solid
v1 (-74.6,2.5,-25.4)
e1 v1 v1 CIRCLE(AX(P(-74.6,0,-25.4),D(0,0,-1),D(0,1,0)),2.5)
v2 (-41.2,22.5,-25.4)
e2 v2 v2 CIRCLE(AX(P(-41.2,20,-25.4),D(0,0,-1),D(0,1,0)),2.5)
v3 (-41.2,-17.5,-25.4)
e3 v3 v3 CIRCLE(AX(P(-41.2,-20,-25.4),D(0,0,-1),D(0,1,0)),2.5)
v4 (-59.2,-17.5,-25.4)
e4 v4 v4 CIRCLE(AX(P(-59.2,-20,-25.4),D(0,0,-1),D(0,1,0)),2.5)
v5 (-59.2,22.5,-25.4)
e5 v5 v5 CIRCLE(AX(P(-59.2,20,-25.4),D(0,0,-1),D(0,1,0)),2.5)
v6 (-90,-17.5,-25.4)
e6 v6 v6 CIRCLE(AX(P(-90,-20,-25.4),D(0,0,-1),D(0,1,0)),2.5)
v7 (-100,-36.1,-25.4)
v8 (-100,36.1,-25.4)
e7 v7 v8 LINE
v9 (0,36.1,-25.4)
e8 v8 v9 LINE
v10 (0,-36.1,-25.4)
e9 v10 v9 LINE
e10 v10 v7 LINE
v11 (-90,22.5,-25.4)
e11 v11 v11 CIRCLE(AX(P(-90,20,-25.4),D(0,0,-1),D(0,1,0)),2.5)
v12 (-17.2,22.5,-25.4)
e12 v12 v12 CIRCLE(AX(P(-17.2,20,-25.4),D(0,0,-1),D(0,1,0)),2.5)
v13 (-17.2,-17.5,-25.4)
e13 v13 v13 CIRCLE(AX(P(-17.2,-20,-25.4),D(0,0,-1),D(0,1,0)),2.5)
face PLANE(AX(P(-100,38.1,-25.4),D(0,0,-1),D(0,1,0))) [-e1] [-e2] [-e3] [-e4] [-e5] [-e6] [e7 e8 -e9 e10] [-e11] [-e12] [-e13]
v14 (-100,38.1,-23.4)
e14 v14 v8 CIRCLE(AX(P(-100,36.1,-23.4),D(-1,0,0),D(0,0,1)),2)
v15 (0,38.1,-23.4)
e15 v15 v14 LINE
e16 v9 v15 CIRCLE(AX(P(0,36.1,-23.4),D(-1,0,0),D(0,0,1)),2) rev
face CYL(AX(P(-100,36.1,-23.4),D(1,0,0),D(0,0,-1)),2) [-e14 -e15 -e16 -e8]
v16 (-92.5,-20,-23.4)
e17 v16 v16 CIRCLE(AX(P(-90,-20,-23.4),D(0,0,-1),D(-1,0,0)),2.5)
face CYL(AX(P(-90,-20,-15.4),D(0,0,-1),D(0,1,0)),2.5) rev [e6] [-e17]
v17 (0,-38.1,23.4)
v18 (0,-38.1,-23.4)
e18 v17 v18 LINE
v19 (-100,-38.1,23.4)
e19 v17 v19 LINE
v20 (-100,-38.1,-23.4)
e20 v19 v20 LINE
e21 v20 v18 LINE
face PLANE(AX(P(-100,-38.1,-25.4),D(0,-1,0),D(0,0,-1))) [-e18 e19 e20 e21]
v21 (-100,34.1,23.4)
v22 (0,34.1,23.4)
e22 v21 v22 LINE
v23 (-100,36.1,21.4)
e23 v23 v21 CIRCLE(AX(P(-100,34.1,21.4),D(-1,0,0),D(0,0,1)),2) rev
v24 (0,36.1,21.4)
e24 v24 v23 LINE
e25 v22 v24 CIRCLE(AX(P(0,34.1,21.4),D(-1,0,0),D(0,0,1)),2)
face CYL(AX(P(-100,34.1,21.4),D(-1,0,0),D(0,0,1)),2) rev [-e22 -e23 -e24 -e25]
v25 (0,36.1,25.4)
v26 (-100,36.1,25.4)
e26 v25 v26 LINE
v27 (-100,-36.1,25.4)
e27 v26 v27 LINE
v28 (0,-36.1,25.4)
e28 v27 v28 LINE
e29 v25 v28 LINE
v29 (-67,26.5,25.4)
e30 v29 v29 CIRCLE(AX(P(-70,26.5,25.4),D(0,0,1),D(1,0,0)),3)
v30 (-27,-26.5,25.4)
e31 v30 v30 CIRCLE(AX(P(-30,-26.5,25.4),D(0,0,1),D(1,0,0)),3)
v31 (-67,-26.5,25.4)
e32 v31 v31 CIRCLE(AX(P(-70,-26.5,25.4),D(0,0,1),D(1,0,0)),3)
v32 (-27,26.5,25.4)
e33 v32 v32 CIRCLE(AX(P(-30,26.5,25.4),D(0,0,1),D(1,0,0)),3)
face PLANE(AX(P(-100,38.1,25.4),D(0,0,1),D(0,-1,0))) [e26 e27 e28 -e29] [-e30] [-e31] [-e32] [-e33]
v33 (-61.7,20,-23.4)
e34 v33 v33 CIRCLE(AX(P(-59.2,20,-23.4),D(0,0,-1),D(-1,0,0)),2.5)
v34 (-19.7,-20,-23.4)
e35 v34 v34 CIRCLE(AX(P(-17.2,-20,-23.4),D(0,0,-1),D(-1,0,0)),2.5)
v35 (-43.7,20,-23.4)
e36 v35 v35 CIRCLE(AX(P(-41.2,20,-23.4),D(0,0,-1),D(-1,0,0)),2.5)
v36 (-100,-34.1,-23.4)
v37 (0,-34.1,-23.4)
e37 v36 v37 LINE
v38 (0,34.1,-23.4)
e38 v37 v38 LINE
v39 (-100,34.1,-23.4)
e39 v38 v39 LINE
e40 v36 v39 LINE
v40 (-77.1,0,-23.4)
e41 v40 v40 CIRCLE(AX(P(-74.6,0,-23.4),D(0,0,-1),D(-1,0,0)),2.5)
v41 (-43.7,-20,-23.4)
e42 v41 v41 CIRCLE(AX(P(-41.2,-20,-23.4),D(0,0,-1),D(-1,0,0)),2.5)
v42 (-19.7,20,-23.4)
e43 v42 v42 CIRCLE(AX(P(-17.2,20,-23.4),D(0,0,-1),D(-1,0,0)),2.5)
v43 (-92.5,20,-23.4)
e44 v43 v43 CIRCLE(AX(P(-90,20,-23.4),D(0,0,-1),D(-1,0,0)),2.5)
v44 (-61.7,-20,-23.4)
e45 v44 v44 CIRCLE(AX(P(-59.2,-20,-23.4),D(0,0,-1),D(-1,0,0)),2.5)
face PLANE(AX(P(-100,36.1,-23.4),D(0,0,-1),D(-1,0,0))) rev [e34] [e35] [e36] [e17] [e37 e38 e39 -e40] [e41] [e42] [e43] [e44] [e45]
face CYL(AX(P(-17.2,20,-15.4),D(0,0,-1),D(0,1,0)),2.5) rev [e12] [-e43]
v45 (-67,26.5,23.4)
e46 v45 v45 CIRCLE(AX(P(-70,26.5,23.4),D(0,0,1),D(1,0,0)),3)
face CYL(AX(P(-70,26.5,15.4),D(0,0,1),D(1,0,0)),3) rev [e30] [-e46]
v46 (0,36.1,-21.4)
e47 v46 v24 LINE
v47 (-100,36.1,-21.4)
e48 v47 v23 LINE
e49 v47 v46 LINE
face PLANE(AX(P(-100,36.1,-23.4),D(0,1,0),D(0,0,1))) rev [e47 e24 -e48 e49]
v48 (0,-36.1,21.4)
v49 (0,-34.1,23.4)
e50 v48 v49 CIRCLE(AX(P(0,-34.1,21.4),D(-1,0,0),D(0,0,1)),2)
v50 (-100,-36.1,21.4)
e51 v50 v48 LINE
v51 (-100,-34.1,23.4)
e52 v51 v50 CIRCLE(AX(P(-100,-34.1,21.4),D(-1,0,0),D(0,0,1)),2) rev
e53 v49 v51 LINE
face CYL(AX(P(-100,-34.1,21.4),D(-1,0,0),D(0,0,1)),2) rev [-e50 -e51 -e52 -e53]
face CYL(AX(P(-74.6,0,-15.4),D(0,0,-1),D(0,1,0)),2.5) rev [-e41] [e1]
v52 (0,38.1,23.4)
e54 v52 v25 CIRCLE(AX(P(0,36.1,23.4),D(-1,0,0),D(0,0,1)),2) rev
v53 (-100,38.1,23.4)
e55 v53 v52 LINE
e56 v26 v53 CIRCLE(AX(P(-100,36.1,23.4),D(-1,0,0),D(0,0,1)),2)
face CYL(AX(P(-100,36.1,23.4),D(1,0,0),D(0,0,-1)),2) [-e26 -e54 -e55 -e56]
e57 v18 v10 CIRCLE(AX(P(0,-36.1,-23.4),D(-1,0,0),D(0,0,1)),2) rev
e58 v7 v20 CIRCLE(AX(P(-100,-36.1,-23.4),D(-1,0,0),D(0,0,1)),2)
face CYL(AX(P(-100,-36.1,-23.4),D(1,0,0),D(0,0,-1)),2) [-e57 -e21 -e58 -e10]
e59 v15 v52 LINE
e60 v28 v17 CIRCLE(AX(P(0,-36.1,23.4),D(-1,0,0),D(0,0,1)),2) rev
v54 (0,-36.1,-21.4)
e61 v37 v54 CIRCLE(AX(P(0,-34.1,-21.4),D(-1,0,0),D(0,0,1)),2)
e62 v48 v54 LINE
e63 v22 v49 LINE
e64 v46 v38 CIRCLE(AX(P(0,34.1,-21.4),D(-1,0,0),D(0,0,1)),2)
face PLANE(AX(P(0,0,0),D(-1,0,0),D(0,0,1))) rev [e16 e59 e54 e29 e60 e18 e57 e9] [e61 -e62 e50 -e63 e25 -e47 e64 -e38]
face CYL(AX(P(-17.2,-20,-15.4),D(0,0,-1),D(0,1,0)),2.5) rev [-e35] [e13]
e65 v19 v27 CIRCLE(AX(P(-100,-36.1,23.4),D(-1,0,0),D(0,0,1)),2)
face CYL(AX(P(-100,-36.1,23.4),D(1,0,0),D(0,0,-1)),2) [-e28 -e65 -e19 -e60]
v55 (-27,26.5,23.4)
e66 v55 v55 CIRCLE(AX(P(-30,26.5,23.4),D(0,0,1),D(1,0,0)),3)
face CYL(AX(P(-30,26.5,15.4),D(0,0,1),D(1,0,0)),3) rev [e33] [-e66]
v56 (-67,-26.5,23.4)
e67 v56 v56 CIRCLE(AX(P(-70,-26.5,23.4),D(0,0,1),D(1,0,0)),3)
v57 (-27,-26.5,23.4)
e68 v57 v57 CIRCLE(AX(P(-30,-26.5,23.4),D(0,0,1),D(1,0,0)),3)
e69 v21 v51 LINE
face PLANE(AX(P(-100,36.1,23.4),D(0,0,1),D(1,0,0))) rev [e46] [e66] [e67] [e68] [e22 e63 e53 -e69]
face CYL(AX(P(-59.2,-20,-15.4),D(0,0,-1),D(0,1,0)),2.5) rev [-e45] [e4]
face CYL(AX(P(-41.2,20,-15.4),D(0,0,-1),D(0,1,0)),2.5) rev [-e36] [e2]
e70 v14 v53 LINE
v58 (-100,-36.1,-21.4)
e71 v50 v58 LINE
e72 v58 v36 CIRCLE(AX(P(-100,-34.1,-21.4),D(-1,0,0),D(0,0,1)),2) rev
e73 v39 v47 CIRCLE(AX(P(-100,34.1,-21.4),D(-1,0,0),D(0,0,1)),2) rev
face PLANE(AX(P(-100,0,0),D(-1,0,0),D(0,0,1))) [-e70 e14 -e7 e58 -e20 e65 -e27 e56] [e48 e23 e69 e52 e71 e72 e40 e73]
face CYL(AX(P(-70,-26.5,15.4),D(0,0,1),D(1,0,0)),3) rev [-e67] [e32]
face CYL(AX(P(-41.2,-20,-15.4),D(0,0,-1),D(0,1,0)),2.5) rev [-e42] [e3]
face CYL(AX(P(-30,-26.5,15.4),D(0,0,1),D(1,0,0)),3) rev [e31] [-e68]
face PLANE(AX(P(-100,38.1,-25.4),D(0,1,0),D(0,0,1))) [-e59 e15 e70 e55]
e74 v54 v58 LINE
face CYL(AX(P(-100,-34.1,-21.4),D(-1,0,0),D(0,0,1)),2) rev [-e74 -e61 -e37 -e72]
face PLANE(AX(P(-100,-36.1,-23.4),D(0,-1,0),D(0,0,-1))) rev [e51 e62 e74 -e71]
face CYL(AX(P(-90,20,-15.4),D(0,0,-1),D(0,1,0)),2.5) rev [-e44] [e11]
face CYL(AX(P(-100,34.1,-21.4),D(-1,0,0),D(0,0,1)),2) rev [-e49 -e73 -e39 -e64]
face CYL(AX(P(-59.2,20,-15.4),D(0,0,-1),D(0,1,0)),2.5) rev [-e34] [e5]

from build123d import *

# Parameters (mm, degrees)
SKETCH1_W             = 50.8
SKETCH1_H             = 76.2
BOSS_EXTRUDE1_DEPTH   = 100
SKETCH2_W             = 46.8
SKETCH2_H             = 72.2
CUT_EXTRUDE1_DEPTH    = 110.985317202
FILLET2_R             = 2
CORTAR_EXTRUIR2_DEPTH = 10
CROQUIS4_R            = 2.5
CORTAR_EXTRUIR5_DEPTH = 10
CROQUIS6_R            = 2.5
CORTAR_EXTRUIR6_DEPTH = 10


with BuildPart() as part:
    # Sketch1 → Boss-Extrude1 (new body)
    with BuildSketch(Plane(origin=(0, 0, 0), x_dir=(0, 0, -1), z_dir=(1, 0, 0))):
        Rectangle(SKETCH1_W, SKETCH1_H)
    extrude(amount=-BOSS_EXTRUDE1_DEPTH)

    # Sketch2 → Cut-Extrude1 (cut, through all)
    with BuildSketch(Plane(origin=(0, 0, 0), x_dir=(0, 0, -1), z_dir=(1, 0, 0))):
        Rectangle(SKETCH2_W, SKETCH2_H)
    extrude(amount=-CUT_EXTRUDE1_DEPTH, mode=Mode.SUBTRACT)

    # Fillet2
    fillet2_edges = [part.edges().sort_by_distance(p)[0] for p in [
        (-50, -36.1, 23.4),
        (-50, 36.1, 23.4),
        (-50, 36.1, -23.4),
        (-50, -36.1, -23.4),
        (-50, 38.1, 25.4),
        (-50, 38.1, -25.4),
        (-50, -38.1, -25.4),
        (-50, -38.1, 25.4),
    ]]
    fillet(fillet2_edges, radius=FILLET2_R)

    # Croquis2 → Cortar-Extruir2 (cut)
    with BuildSketch(Plane.XY.offset(25.4)):
        with BuildLine():
            ThreePointArc((-27, 26.5), (-30, 29.5), (-33, 26.5))
            Line((-33, 26.5), (-30, 26.5))
            Line((-30, 26.5), (-30, 23.5))
            ThreePointArc((-30, 23.5), (-27.878679656, 24.378679656), (-27, 26.5))
        make_face()
        with BuildLine():
            Line((-30, 26.5), (-33, 26.5))
            ThreePointArc((-33, 26.5), (-32.121320344, 24.378679656), (-30, 23.5))
            Line((-30, 23.5), (-30, 26.5))
        make_face()
        with BuildLine():
            ThreePointArc((-70, 23.5), (-67.878679656, 24.378679656), (-67, 26.5))
            Line((-67, 26.5), (-70, 26.5))
            Line((-70, 26.5), (-70, 23.5))
        make_face()
        with BuildLine():
            Line((-70, 26.5), (-67, 26.5))
            ThreePointArc((-67, 26.5), (-72.121320344, 28.621320344), (-70, 23.5))
            Line((-70, 23.5), (-70, 26.5))
        make_face()
        with BuildLine():
            ThreePointArc((-67, -26.5), (-67.878679656, -24.378679656), (-70, -23.5))
            Line((-70, -23.5), (-70, -26.5))
            Line((-70, -26.5), (-67, -26.5))
        make_face()
        with BuildLine():
            Line((-70, -26.5), (-70, -23.5))
            ThreePointArc((-70, -23.5), (-72.121320344, -28.621320344), (-67, -26.5))
            Line((-67, -26.5), (-70, -26.5))
        make_face()
        with BuildLine():
            ThreePointArc((-27, -26.5), (-27.878679656, -24.378679656), (-30, -23.5))
            Line((-30, -23.5), (-30, -26.5))
            Line((-30, -26.5), (-33, -26.5))
            ThreePointArc((-33, -26.5), (-30, -29.5), (-27, -26.5))
        make_face()
        with BuildLine():
            Line((-30, -26.5), (-30, -23.5))
            ThreePointArc((-30, -23.5), (-32.121320344, -24.378679656), (-33, -26.5))
            Line((-33, -26.5), (-30, -26.5))
        make_face()
    extrude(amount=-CORTAR_EXTRUIR2_DEPTH, mode=Mode.SUBTRACT)

    # Croquis4 → Cortar-Extruir5 (cut)
    with BuildSketch(Plane(origin=(0, 0, -25.4), x_dir=(-1, 0, 0), z_dir=(0, 0, -1))):
        with Locations(Location((90, 20, 0), (0, 0, 90))):
            Circle(CROQUIS4_R)
        with Locations(Location((59.2, 20, 0), (0, 0, 90))):
            Circle(CROQUIS4_R)
        with Locations(Location((59.2, -20, 0), (0, 0, 90))):
            Circle(CROQUIS4_R)
        with Locations(Location((90, -20, 0), (0, 0, 90))):
            Circle(CROQUIS4_R)
        with Locations(Location((74.6, 0, 0), (0, 0, 90))):
            Circle(CROQUIS4_R)
    extrude(amount=-CORTAR_EXTRUIR5_DEPTH, mode=Mode.SUBTRACT)

    # Croquis6 → Cortar-Extruir6 (cut)
    with BuildSketch(Plane(origin=(0, 0, -25.4), x_dir=(-1, 0, 0), z_dir=(0, 0, -1))):
        with Locations(Location((17.2, 20, 0), (0, 0, 90))):
            Circle(CROQUIS6_R)
        with Locations(Location((17.2, -20, 0), (0, 0, 90))):
            Circle(CROQUIS6_R)
        with Locations(Location((41.2, -20, 0), (0, 0, 90))):
            Circle(CROQUIS6_R)
        with Locations(Location((41.2, 20, 0), (0, 0, 90))):
            Circle(CROQUIS6_R)
    extrude(amount=-CORTAR_EXTRUIR6_DEPTH, mode=Mode.SUBTRACT)


solid = part.part
